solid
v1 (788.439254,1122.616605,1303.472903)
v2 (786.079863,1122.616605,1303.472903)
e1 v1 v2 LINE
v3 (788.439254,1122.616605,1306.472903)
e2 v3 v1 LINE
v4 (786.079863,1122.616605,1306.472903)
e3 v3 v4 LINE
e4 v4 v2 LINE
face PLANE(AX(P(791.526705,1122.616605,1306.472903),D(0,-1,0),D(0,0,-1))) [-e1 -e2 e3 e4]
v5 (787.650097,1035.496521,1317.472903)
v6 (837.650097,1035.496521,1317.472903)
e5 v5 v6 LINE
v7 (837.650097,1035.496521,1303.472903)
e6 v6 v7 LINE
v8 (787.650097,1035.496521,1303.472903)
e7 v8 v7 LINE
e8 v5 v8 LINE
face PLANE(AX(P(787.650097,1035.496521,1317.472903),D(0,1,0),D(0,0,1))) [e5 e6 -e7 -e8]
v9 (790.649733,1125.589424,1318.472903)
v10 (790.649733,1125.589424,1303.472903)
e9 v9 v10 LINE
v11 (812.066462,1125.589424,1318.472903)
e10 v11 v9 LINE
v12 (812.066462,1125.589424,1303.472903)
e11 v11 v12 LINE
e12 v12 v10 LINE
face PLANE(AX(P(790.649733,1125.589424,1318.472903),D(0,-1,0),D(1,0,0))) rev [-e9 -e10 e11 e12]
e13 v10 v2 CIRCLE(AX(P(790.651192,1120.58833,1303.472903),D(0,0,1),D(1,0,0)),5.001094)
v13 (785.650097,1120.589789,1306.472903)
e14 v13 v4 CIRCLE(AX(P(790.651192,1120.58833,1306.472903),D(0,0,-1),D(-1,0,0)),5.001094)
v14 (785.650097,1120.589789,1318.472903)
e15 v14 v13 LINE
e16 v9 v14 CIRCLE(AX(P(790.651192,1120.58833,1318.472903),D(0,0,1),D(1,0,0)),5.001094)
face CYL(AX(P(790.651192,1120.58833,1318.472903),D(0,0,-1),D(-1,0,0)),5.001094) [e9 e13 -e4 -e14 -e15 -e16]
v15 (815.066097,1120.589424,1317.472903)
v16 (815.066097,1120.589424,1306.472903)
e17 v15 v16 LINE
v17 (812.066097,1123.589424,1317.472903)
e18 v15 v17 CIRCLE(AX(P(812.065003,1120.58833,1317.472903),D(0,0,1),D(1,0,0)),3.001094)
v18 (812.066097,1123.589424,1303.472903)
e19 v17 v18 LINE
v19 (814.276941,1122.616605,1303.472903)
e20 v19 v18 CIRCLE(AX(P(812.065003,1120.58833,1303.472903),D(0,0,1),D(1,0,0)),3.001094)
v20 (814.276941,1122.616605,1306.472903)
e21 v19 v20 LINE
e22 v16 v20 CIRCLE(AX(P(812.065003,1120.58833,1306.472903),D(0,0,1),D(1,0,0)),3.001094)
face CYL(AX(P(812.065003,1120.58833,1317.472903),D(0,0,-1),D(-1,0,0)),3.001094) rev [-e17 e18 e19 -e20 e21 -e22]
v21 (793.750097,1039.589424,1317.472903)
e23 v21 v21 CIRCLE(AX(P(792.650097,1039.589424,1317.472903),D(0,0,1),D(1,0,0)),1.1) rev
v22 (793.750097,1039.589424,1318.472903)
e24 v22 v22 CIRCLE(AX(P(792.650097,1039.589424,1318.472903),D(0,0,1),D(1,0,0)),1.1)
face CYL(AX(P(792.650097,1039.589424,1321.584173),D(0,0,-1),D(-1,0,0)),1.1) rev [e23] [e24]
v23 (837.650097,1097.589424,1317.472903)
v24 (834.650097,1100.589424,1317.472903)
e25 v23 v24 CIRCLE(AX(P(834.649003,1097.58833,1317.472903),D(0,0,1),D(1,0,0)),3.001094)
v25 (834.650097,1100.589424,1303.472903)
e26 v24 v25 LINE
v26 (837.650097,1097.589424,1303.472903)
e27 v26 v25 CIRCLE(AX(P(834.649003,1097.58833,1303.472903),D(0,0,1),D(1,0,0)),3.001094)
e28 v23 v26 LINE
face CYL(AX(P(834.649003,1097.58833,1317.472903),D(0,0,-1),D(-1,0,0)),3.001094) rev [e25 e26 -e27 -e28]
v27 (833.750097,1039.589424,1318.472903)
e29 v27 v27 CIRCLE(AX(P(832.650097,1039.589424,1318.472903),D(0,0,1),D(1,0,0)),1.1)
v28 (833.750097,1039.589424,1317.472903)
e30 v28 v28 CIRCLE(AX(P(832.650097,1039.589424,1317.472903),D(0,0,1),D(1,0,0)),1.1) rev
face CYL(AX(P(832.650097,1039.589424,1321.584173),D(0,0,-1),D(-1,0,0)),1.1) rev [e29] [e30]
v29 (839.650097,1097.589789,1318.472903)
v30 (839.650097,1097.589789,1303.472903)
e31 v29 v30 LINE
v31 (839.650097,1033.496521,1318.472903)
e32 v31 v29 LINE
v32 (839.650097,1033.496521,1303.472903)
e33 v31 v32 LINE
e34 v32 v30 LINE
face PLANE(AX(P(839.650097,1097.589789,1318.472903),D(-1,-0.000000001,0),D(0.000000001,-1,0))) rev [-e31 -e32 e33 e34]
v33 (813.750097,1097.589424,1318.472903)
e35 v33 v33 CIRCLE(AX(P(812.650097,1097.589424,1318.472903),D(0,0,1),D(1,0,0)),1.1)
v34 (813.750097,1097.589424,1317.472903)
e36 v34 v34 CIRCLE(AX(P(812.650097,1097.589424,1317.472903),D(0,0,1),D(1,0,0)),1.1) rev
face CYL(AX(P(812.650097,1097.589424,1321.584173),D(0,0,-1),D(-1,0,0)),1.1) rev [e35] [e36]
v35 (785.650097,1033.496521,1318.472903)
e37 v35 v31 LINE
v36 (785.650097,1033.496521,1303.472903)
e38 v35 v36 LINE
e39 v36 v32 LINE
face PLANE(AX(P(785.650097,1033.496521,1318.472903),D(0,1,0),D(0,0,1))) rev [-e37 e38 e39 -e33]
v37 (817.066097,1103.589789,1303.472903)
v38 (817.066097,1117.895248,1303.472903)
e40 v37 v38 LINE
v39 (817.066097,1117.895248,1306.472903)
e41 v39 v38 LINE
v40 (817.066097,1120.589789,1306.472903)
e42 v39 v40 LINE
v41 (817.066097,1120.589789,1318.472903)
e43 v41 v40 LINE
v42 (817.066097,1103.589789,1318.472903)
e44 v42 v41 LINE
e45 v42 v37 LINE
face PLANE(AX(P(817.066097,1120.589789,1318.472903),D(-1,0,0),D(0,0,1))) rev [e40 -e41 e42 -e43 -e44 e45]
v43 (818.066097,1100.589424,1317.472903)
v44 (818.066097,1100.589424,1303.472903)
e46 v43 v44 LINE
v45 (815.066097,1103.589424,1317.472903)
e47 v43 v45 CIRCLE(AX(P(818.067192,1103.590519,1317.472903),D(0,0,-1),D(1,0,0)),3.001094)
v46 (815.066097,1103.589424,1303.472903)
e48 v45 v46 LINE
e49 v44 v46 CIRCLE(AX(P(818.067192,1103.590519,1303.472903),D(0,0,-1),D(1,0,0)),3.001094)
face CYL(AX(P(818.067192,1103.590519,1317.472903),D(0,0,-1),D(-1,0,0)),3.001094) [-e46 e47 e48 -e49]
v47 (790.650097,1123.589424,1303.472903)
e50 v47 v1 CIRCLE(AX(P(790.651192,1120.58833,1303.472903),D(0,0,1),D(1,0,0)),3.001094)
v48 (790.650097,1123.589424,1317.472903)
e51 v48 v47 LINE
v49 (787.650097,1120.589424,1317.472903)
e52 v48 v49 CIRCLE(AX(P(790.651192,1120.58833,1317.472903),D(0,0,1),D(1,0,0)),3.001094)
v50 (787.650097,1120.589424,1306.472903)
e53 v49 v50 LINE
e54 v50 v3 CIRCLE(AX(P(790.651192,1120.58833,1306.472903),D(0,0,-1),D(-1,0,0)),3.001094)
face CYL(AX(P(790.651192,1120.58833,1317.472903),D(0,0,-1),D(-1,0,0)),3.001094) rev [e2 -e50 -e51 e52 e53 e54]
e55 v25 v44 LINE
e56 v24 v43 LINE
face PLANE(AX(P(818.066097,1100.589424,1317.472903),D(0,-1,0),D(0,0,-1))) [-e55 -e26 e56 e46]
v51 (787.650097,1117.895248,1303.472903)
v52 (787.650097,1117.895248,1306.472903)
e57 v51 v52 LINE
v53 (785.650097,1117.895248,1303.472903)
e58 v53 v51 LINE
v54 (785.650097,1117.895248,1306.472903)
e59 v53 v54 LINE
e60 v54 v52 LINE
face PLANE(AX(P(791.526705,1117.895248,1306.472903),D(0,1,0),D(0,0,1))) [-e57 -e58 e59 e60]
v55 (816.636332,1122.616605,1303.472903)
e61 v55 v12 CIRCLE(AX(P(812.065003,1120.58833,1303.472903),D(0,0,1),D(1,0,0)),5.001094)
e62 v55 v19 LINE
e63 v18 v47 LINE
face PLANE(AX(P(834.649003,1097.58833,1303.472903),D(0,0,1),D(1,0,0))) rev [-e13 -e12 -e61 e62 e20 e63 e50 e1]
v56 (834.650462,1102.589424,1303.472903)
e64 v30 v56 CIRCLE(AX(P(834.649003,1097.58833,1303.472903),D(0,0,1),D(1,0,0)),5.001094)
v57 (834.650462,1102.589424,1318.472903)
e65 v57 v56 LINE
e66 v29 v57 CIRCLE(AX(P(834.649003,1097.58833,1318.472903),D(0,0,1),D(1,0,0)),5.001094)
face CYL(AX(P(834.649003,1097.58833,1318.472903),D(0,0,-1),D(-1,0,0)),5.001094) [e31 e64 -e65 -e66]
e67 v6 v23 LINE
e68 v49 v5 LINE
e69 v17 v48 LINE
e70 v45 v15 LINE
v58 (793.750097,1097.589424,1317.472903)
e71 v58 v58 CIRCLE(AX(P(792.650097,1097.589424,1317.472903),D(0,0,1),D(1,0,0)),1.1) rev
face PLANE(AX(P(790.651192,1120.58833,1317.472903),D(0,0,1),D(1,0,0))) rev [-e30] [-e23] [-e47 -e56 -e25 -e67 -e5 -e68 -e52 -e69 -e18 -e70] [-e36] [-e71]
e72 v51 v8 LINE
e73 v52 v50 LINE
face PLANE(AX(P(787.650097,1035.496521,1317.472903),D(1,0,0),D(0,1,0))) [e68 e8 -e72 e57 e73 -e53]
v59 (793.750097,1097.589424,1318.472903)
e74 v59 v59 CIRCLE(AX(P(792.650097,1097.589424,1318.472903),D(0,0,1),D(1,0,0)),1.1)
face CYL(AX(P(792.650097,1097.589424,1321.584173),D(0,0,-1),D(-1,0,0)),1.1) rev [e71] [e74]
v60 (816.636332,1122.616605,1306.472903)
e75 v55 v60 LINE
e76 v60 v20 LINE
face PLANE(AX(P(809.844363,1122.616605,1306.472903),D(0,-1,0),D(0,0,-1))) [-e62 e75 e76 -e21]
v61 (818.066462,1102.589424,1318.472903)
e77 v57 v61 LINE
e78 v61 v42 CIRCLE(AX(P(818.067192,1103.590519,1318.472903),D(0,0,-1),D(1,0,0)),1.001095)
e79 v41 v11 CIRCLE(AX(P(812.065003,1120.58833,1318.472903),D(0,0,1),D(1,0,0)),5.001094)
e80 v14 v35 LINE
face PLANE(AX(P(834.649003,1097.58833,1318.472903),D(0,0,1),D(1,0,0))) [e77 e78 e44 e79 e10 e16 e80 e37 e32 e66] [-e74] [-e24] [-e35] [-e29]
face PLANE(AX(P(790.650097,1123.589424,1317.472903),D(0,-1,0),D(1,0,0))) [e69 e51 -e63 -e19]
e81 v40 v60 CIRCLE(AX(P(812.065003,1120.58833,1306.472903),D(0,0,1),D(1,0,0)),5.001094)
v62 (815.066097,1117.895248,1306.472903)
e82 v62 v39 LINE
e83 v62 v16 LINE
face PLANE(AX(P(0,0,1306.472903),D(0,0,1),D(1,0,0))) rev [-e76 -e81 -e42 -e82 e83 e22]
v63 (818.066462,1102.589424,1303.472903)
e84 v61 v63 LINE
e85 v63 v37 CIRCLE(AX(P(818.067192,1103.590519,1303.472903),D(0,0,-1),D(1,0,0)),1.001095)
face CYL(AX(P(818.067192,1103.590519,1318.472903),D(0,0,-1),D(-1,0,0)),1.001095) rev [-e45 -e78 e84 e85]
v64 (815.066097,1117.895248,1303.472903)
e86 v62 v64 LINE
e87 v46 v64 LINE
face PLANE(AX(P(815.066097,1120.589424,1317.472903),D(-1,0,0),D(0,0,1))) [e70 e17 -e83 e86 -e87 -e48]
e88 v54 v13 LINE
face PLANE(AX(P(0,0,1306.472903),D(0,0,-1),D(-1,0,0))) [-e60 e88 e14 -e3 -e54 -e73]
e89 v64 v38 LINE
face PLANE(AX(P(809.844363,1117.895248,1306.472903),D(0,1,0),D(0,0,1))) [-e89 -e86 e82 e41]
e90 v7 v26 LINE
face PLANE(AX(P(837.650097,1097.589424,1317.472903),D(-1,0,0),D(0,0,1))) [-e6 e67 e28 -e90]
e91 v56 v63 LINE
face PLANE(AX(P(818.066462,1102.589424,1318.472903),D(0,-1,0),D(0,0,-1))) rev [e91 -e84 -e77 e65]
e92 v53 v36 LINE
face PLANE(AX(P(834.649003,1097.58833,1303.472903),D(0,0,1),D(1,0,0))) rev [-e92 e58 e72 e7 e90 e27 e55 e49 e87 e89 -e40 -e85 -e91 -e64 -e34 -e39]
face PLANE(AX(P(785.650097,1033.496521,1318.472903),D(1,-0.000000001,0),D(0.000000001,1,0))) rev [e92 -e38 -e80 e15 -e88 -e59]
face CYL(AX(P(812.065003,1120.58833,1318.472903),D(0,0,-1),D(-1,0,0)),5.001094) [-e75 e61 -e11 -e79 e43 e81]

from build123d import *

# Parameters (mm, degrees)
BOSS_EXTRUDE1_DEPTH = 15
BOSS_EXTRUDE2_DEPTH = 15
CUT_EXTRUDE1_DEPTH  = 14
SKETCH8_W           = 6.699223296
SKETCH8_H           = 4.721357371
SKETCH8_W_2         = 8.228893272
CUT_EXTRUDE7_DEPTH  = 3
SKETCH10_R          = 1.1
CUT_EXTRUDE9_DEPTH  = 15


with BuildPart() as part:
    # Sketch3 → Boss-Extrude1 (new body)
    with BuildSketch(Plane.XY.offset(1303.472903018)):
        with BuildLine():
            Line((839.650097305, 1097.589789038), (839.650097371, 1033.49652121))
            Line((839.650097371, 1033.49652121), (785.650097371, 1033.49652121))
            Line((785.650097371, 1033.49652121), (785.650097438, 1120.589789038))
            ThreePointArc((785.650097438, 1120.589789038), (787.114883847, 1124.124637961), (790.64973277, 1125.58942437))
            Line((790.64973277, 1125.58942437), (812.066461973, 1125.58942437))
            ThreePointArc((812.066461973, 1125.58942437), (815.601310896, 1124.124637961), (817.066097305, 1120.589789038))
            Line((817.066097305, 1120.589789038), (817.066097305, 1103.589789038))
            ThreePointArc((817.066097305, 1103.589789038), (817.35931084, 1102.882637905), (818.066461973, 1102.58942437))
            Line((818.066461973, 1102.58942437), (834.650461973, 1102.58942437))
            ThreePointArc((834.650461973, 1102.58942437), (838.185310896, 1101.124637961), (839.650097305, 1097.589789038))
        make_face()
        with BuildLine():
            Line((787.650097371, 1035.49652121), (787.650097371, 1120.589424436))
            ThreePointArc((787.650097371, 1120.589424436), (788.529097371, 1122.710424436), (790.650097371, 1123.589424436))
            Line((790.650097371, 1123.589424436), (812.066097371, 1123.589424436))
            ThreePointArc((812.066097371, 1123.589424436), (814.187097371, 1122.710424436), (815.066097371, 1120.589424436))
            Line((815.066097371, 1120.589424436), (815.066097371, 1103.589424436))
            ThreePointArc((815.066097371, 1103.589424436), (815.945097371, 1101.468424436), (818.066097371, 1100.589424436))
            Line((818.066097371, 1100.589424436), (834.650097371, 1100.589424436))
            ThreePointArc((834.650097371, 1100.589424436), (836.771097371, 1099.710424436), (837.650097371, 1097.589424436))
            Line((837.650097371, 1097.589424436), (837.650097371, 1035.49652121))
            Line((837.650097371, 1035.49652121), (787.650097371, 1035.49652121))
        make_face(mode=Mode.SUBTRACT)
    extrude(amount=BOSS_EXTRUDE1_DEPTH)

    # Sketch6 → Boss-Extrude2 (add)
    with BuildSketch(Plane.XY.offset(1303.472903018)):
        with BuildLine():
            Line((787.650097371, 1035.49652121), (837.650097371, 1035.49652121))
            Line((837.650097371, 1035.49652121), (837.650097371, 1097.589424436))
            ThreePointArc((837.650097371, 1097.589424436), (836.771097371, 1099.710424436), (834.650097371, 1100.589424436))
            Line((834.650097371, 1100.589424436), (818.066097371, 1100.589424436))
            ThreePointArc((818.066097371, 1100.589424436), (815.945097371, 1101.468424436), (815.066097371, 1103.589424436))
            Line((815.066097371, 1103.589424436), (815.066097371, 1120.589424436))
            ThreePointArc((815.066097371, 1120.589424436), (814.187097371, 1122.710424436), (812.066097371, 1123.589424436))
            Line((812.066097371, 1123.589424436), (790.650097371, 1123.589424436))
            ThreePointArc((790.650097371, 1123.589424436), (788.529097371, 1122.710424436), (787.650097371, 1120.589424436))
            Line((787.650097371, 1120.589424436), (787.650097371, 1035.49652121))
        make_face()
    extrude(amount=BOSS_EXTRUDE2_DEPTH)

    # Sketch6<2> → Cut-Extrude1 (cut)
    with BuildSketch(Plane.XY.offset(1303.472903018)):
        with BuildLine():
            Line((787.650097371, 1035.49652121), (837.650097371, 1035.49652121))
            Line((837.650097371, 1035.49652121), (837.650097371, 1097.589424436))
            ThreePointArc((837.650097371, 1097.589424436), (836.771097371, 1099.710424436), (834.650097371, 1100.589424436))
            Line((834.650097371, 1100.589424436), (818.066097371, 1100.589424436))
            ThreePointArc((818.066097371, 1100.589424436), (815.945097371, 1101.468424436), (815.066097371, 1103.589424436))
            Line((815.066097371, 1103.589424436), (815.066097371, 1120.589424436))
            ThreePointArc((815.066097371, 1120.589424436), (814.187097371, 1122.710424436), (812.066097371, 1123.589424436))
            Line((812.066097371, 1123.589424436), (790.650097371, 1123.589424436))
            ThreePointArc((790.650097371, 1123.589424436), (788.529097371, 1122.710424436), (787.650097371, 1120.589424436))
            Line((787.650097371, 1120.589424436), (787.650097371, 1035.49652121))
        make_face()
    extrude(amount=CUT_EXTRUDE1_DEPTH, mode=Mode.SUBTRACT)

    # Sketch8 → Cut-Extrude7 (cut)
    with BuildSketch(Plane.XY.offset(1303.472903018)):
        with Locations((788.177093813, 1120.255926572)):
            Rectangle(SKETCH8_W, SKETCH8_H)
        with Locations((813.958809837, 1120.255926572)):
            Rectangle(SKETCH8_W_2, SKETCH8_H)
    extrude(amount=CUT_EXTRUDE7_DEPTH, mode=Mode.SUBTRACT)

    # Sketch10 → Cut-Extrude9 (cut)
    with BuildSketch(Plane.XY.offset(1303.472903018)):
        with Locations((832.650097371, 1039.589424436)):
            Circle(SKETCH10_R)
        with Locations((792.650097371, 1039.589424436)):
            Circle(SKETCH10_R)
        with Locations((792.650097371, 1097.589424436)):
            Circle(SKETCH10_R)
        with Locations((812.650097371, 1097.589424436)):
            Circle(SKETCH10_R)
    extrude(amount=CUT_EXTRUDE9_DEPTH, mode=Mode.SUBTRACT)


solid = part.part
